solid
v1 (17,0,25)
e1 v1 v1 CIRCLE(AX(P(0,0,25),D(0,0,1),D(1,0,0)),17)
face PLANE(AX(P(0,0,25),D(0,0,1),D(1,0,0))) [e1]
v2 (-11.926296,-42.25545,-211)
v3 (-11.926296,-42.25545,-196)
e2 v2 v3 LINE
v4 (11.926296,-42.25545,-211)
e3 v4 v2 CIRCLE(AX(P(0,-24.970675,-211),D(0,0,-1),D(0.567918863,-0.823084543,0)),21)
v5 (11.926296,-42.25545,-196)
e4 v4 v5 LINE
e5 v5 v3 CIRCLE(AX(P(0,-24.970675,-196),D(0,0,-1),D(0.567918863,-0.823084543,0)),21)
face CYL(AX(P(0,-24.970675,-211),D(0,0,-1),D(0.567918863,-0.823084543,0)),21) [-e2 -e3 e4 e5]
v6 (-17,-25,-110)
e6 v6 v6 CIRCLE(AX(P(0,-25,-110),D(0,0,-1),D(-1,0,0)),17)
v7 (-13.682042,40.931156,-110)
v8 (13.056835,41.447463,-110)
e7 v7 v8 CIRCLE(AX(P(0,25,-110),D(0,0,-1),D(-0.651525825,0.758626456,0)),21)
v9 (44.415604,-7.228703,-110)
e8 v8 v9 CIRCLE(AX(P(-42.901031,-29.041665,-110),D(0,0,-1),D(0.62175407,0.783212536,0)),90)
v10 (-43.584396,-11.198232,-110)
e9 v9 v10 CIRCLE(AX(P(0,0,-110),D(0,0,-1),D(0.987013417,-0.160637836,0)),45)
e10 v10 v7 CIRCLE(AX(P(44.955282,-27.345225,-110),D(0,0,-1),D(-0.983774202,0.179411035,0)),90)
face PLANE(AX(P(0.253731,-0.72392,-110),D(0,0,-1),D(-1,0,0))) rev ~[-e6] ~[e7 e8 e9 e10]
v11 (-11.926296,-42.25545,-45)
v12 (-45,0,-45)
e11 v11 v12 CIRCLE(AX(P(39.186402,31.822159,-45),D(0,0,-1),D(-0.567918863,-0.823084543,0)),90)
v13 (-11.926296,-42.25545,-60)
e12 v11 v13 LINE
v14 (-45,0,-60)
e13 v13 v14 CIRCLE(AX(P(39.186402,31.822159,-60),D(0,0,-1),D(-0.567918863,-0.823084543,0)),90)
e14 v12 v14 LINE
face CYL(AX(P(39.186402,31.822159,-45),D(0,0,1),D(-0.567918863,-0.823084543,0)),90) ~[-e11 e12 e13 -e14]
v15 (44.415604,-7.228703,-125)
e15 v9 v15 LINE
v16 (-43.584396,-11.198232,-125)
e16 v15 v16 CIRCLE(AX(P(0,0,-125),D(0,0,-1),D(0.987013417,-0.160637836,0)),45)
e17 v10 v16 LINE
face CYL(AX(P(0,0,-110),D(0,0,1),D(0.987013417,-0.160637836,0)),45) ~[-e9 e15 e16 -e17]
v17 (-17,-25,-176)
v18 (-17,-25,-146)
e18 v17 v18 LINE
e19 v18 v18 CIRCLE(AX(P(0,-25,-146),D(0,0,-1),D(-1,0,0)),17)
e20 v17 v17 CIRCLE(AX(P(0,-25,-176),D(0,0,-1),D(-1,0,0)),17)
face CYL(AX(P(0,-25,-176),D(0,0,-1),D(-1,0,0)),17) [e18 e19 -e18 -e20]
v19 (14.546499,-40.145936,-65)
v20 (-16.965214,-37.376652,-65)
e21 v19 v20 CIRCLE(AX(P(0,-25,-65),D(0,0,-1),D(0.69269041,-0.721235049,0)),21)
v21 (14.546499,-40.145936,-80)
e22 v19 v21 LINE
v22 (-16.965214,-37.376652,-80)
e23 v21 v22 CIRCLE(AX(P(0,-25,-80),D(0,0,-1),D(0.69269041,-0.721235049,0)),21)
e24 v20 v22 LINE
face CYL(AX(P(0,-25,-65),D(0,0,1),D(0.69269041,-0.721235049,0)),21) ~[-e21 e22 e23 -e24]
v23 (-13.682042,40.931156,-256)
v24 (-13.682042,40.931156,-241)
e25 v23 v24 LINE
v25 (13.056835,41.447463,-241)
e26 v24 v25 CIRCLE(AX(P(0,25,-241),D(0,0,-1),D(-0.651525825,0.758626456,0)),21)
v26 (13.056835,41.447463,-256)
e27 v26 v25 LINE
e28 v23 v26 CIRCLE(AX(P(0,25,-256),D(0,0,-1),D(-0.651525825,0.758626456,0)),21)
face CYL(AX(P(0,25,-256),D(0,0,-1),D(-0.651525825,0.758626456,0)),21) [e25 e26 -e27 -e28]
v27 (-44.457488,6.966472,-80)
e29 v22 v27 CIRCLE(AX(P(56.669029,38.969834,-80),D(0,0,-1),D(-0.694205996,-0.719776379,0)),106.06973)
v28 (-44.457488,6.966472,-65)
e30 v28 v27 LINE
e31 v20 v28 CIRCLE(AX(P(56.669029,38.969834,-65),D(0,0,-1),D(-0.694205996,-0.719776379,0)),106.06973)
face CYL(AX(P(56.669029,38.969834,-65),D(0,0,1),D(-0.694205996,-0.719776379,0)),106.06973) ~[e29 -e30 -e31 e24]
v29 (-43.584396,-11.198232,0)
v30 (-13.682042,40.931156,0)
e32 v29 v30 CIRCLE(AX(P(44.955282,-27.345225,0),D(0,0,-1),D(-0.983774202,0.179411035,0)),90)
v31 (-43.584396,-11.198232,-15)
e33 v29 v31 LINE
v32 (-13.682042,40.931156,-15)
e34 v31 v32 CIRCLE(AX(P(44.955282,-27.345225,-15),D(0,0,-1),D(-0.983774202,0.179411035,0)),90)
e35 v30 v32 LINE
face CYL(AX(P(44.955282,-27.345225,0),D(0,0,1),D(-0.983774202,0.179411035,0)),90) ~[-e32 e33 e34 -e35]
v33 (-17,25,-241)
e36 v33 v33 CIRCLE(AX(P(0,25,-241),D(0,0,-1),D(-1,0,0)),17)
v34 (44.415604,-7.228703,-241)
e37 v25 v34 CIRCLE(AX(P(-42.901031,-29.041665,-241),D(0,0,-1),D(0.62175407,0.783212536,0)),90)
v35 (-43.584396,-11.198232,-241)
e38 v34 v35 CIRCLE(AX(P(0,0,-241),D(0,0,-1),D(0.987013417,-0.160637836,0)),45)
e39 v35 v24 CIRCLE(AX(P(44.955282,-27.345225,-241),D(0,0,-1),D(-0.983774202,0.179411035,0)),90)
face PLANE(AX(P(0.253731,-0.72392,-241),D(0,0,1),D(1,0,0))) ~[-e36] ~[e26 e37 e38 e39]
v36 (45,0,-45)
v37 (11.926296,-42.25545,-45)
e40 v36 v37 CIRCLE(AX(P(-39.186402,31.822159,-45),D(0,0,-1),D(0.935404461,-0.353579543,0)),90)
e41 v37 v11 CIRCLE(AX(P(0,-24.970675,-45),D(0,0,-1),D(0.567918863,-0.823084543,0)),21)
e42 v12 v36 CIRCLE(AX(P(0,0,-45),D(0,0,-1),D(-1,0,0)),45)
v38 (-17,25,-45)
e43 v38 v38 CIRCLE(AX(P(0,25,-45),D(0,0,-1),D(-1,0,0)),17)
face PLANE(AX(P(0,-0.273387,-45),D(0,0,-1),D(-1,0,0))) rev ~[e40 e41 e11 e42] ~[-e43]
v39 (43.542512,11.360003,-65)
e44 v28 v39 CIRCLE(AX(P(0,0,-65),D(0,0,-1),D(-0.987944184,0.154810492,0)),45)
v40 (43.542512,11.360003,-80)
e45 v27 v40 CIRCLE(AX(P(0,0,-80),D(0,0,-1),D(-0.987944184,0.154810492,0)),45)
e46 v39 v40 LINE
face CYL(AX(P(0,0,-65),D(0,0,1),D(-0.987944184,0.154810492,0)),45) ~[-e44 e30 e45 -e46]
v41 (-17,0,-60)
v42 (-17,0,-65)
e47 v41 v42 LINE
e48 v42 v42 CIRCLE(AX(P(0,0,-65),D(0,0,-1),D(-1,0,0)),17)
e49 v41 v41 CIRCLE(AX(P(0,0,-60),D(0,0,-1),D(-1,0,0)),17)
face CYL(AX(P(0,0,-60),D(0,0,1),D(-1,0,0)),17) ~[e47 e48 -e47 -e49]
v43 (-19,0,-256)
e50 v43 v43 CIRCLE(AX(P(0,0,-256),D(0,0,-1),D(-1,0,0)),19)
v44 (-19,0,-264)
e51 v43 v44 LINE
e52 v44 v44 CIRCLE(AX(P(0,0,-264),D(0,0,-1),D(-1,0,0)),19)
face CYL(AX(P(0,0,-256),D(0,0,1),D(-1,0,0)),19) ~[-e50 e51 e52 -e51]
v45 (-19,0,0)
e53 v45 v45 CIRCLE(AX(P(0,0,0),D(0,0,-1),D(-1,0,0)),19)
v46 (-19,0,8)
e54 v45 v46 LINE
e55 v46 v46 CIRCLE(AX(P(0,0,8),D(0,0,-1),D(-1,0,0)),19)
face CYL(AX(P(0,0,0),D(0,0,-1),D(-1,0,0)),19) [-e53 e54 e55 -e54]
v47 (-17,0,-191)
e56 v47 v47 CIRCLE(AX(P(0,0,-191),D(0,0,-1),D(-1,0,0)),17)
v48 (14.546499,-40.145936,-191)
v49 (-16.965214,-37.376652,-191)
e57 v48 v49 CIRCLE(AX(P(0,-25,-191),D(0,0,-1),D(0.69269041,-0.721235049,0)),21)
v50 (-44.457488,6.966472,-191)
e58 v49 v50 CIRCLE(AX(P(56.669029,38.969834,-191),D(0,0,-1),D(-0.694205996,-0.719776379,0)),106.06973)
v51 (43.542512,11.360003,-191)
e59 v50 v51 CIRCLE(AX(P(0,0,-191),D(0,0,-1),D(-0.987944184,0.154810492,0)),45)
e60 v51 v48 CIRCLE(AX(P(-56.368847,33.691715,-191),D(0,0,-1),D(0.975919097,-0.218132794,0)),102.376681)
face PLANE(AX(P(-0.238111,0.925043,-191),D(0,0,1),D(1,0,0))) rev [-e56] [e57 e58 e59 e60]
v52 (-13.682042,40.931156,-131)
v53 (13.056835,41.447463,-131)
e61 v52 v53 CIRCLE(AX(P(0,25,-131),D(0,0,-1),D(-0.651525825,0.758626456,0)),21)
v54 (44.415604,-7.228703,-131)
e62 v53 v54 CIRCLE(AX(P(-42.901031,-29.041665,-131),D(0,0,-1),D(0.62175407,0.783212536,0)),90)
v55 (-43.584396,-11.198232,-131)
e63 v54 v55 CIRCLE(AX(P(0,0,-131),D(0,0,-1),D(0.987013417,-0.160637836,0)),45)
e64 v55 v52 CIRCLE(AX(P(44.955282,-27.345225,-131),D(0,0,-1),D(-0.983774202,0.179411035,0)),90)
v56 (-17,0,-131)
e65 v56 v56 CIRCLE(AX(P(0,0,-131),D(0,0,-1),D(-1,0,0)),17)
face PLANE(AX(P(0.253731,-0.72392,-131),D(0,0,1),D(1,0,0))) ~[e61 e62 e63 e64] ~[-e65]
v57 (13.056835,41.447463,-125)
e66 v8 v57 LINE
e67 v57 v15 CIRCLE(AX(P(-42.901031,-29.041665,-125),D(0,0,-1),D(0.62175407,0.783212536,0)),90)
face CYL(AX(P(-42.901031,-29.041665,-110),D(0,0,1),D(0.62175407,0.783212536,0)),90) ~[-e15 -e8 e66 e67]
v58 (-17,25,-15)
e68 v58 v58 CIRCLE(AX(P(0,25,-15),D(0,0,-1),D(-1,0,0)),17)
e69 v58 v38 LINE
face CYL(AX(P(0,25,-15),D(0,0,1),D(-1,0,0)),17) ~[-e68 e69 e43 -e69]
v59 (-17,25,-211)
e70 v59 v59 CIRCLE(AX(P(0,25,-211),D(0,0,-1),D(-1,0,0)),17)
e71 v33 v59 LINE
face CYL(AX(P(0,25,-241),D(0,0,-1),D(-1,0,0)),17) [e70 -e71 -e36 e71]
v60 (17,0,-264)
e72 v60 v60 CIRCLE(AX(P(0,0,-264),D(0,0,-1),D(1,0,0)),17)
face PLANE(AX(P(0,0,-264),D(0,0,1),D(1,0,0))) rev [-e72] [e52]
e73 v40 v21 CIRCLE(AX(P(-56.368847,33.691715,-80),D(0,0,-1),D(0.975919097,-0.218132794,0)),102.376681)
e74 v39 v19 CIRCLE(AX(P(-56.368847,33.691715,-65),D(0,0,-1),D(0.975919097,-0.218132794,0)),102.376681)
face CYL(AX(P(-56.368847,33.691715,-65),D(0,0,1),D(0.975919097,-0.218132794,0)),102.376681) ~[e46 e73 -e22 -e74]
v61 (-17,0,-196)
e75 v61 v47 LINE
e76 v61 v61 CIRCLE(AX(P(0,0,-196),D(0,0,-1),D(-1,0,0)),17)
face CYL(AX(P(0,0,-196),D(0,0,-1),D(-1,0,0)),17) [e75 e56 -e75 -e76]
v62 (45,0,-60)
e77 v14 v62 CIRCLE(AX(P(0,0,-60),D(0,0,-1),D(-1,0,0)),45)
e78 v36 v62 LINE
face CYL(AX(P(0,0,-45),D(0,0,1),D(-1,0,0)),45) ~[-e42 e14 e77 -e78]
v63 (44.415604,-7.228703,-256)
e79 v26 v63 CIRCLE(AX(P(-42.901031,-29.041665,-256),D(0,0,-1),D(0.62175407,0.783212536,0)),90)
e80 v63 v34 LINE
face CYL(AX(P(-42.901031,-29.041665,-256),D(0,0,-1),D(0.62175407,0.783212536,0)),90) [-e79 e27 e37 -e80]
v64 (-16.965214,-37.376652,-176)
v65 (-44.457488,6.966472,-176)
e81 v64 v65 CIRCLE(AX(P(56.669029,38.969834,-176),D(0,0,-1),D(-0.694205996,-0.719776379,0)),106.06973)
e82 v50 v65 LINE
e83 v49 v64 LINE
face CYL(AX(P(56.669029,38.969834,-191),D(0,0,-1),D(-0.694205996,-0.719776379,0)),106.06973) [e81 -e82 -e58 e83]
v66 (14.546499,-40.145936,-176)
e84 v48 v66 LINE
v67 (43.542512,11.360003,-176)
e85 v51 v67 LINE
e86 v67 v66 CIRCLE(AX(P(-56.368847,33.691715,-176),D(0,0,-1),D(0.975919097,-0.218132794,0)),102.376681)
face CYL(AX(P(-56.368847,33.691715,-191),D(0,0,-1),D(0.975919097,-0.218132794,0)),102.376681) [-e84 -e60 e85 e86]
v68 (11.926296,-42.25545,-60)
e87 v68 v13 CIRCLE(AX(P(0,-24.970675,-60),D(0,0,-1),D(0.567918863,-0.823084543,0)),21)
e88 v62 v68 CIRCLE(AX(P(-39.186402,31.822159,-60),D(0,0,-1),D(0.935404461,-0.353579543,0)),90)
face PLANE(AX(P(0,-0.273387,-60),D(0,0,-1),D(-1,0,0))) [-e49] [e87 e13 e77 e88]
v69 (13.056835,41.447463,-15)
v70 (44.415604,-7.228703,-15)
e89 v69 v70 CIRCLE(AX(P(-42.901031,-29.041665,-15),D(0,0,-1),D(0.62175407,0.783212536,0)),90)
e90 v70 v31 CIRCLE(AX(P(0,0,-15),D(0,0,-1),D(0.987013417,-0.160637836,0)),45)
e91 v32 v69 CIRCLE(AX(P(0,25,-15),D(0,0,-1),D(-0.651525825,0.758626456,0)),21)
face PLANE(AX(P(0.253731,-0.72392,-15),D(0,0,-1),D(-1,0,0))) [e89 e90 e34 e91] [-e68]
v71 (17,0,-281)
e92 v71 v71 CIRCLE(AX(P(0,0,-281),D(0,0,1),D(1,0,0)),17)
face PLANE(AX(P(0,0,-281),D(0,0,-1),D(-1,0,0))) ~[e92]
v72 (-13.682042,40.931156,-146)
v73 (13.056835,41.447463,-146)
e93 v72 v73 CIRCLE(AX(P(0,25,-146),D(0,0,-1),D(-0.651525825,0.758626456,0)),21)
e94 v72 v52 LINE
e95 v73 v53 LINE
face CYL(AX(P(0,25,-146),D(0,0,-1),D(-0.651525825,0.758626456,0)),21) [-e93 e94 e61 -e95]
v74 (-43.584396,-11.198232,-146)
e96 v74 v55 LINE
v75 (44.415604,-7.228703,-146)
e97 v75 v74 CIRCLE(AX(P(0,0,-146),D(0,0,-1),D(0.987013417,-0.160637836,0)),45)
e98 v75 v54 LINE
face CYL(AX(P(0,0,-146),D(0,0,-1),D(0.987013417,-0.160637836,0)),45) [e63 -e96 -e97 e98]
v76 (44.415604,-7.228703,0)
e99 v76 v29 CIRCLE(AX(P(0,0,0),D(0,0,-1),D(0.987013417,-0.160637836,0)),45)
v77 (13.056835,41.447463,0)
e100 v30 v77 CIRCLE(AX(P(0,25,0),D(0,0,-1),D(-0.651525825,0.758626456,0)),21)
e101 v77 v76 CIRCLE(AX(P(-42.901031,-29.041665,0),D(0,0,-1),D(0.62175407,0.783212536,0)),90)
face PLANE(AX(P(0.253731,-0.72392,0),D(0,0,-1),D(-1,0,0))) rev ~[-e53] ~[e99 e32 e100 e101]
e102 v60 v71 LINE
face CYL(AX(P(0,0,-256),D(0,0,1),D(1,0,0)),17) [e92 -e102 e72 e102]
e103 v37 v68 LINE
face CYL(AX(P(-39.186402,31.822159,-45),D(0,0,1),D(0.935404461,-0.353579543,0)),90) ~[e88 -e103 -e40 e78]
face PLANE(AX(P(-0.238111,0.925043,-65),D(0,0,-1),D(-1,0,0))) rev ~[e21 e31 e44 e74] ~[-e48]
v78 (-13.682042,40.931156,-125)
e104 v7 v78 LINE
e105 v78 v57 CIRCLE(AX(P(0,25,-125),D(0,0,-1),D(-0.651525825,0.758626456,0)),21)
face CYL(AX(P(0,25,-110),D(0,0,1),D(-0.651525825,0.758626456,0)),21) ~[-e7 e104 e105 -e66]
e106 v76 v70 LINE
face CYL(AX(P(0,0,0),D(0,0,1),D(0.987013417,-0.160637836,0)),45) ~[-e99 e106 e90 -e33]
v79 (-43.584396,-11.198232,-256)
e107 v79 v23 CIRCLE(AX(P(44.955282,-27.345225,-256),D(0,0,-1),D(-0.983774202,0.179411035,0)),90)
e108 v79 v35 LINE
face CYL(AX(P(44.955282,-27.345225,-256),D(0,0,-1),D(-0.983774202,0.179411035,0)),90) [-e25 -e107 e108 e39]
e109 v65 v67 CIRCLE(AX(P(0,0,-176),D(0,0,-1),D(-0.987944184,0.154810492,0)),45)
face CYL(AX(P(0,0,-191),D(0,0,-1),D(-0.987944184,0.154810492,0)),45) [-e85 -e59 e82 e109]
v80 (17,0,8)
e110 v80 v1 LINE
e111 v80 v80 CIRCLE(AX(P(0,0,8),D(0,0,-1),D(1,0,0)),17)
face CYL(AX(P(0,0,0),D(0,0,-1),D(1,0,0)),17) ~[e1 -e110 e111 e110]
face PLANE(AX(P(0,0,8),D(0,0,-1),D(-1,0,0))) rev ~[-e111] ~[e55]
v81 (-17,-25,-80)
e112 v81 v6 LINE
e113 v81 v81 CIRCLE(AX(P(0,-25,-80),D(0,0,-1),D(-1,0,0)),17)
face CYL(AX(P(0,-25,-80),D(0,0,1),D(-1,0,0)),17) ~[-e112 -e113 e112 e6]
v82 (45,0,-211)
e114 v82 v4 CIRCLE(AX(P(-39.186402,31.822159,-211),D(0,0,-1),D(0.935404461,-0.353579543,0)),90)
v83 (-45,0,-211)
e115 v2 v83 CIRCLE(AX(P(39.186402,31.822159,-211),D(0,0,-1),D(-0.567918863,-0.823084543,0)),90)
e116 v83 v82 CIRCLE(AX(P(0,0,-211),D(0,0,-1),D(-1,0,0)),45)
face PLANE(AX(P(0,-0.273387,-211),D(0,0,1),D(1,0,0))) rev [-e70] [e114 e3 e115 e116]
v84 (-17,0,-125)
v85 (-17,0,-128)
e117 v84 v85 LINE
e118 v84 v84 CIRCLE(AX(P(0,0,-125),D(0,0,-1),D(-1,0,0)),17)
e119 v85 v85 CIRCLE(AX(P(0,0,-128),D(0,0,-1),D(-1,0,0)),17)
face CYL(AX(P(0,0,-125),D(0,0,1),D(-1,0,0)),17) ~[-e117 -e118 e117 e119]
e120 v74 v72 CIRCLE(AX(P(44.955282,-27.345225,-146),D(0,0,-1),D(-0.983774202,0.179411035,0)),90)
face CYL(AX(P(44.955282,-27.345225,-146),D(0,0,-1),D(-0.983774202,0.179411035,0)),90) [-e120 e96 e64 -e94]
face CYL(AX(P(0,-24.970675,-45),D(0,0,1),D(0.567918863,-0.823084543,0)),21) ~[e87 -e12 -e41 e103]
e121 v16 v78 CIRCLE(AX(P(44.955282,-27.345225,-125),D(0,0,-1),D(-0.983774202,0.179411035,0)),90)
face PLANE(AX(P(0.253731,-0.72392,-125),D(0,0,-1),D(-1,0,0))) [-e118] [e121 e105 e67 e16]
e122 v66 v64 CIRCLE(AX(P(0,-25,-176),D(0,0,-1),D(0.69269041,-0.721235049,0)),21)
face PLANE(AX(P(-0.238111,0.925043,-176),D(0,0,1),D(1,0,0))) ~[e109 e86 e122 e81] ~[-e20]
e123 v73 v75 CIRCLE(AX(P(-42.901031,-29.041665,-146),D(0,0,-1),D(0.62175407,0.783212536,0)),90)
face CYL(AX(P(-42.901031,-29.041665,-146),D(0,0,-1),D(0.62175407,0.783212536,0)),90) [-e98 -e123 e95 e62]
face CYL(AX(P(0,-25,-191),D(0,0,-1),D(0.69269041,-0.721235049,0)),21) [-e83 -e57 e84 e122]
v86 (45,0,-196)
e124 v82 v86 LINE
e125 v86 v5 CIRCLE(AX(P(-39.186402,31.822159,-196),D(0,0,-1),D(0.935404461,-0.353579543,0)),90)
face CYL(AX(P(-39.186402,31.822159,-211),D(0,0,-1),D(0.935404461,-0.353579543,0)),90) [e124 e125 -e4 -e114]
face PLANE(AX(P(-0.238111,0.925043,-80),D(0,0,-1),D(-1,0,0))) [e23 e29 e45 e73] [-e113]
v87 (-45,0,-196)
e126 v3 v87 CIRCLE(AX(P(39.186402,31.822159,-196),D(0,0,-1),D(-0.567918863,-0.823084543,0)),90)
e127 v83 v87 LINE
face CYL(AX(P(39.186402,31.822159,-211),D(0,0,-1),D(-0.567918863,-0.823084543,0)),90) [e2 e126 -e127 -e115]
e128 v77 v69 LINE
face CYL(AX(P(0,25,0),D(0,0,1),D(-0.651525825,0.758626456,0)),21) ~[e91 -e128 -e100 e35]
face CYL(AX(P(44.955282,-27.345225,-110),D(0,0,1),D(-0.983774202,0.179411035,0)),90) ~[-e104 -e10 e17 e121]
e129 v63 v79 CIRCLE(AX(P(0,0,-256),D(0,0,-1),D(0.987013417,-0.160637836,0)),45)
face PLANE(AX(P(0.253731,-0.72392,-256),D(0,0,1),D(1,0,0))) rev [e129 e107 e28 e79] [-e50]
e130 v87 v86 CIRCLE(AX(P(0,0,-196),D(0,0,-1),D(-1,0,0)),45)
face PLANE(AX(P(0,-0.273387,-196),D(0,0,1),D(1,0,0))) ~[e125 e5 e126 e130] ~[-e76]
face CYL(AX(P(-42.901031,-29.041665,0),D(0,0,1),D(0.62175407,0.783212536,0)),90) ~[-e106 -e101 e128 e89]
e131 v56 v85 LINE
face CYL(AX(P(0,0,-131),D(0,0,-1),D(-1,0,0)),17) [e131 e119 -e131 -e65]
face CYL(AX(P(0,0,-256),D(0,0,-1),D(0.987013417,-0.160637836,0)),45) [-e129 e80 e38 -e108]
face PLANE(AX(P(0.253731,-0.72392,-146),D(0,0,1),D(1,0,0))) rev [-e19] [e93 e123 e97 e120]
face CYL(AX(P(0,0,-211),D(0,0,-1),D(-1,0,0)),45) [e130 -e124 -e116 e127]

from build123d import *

# Parameters (mm, degrees)
IZIM1_R                      = 17
Y_KSEKLIK_EKSTR_ZYON1_DEPTH  = 25
IZIM2_R                      = 19
Y_KSEKLIK_EKSTR_ZYON2_DEPTH  = 8
Y_KSEKLIK_EKSTR_ZYON3_DEPTH  = 15
IZIM4_R                      = 17
Y_KSEKLIK_EKSTR_ZYON4_DEPTH  = 30
Y_KSEKLIK_EKSTR_ZYON5_DEPTH  = 15
IZIM6_R                      = 17
Y_KSEKLIK_EKSTR_ZYON6_DEPTH  = 5
Y_KSEKLIK_EKSTR_ZYON7_DEPTH  = 15
IZIM9_R                      = 17
Y_KSEKLIK_EKSTR_ZYON8_DEPTH  = 30
Y_KSEKLIK_EKSTR_ZYON9_DEPTH  = 15
IZIM12_R                     = 17
Y_KSEKLIK_EKSTR_ZYON10_DEPTH = 3


with BuildPart() as part:
    # Çizim1 → Yükseklik-Ekstrüzyon1 (new body)
    with BuildSketch(Plane.XY):
        Circle(IZIM1_R)
    extrude(amount=Y_KSEKLIK_EKSTR_ZYON1_DEPTH)

    # Çizim2 → Yükseklik-Ekstrüzyon2 (add)
    with BuildSketch(Plane(origin=(0, 0, 0), x_dir=(-1, 0, 0), z_dir=(0, 0, -1))):
        Circle(IZIM2_R)
    extrude(amount=-Y_KSEKLIK_EKSTR_ZYON2_DEPTH)

    # Çizim3 → Yükseklik-Ekstrüzyon3 (add)
    with BuildSketch(Plane(origin=(0, 0, 0), x_dir=(-1, 0, 0), z_dir=(0, 0, -1))):
        with BuildLine():
            ThreePointArc((-44.415603771, -7.228702626), (-2.027811095, -44.954287695), (43.584396229, -11.198232242))
            ThreePointArc((43.584396229, -11.198232242), (33.112866367, 17.436067755), (13.682042331, 40.931155566))
            ThreePointArc((13.682042331, 40.931155566), (0.405418694, 45.996086199), (-13.05683546, 41.447463263))
            ThreePointArc((-13.05683546, 41.447463263), (-32.757662874, 19.700124785), (-44.415603771, -7.228702626))
        make_face()
    extrude(amount=Y_KSEKLIK_EKSTR_ZYON3_DEPTH)

    # Çizim4 → Yükseklik-Ekstrüzyon4 (add)
    with BuildSketch(Plane(origin=(0, 0, -15), x_dir=(-1, 0, 0), z_dir=(0, 0, -1))):
        with Locations((0, 25)):
            Circle(IZIM4_R)
    extrude(amount=Y_KSEKLIK_EKSTR_ZYON4_DEPTH)

    # Çizim5 → Yükseklik-Ekstrüzyon5 (add)
    with BuildSketch(Plane(origin=(0, 0, -45), x_dir=(-1, 0, 0), z_dir=(0, 0, -1))):
        with BuildLine():
            ThreePointArc((45, 0), (0, 45), (-45, 0))
            ThreePointArc((-45, 0), (-31.68561215, -23.649975334), (-11.926296118, -42.255449988))
            ThreePointArc((-11.926296118, -42.255449988), (0, -45.97067458), (11.926296118, -42.255449988))
            ThreePointArc((11.926296118, -42.255449988), (31.68561215, -23.649975334), (45, 0))
        make_face()
    extrude(amount=Y_KSEKLIK_EKSTR_ZYON5_DEPTH)

    # Çizim6 → Yükseklik-Ekstrüzyon6 (add)
    with BuildSketch(Plane(origin=(0, 0, -60), x_dir=(-1, 0, 0), z_dir=(0, 0, -1))):
        Circle(IZIM6_R)
    extrude(amount=Y_KSEKLIK_EKSTR_ZYON6_DEPTH)

    # Çizim7 → Yükseklik-Ekstrüzyon7 (add)
    with BuildSketch(Plane(origin=(0, 0, -65), x_dir=(-1, 0, 0), z_dir=(0, 0, -1))):
        with BuildLine():
            ThreePointArc((44.457488298, 6.966472151), (2.243897169, 44.944019908), (-43.542511702, 11.360003287))
            ThreePointArc((-43.542511702, 11.360003287), (-32.842453707, -16.531076412), (-14.546498608, -40.145936031))
            ThreePointArc((-14.546498608, -40.145936031), (1.83841745, -45.919374304), (16.965213719, -37.376652353))
            ThreePointArc((16.965213719, -37.376652353), (33.480341406, -16.921835259), (44.457488298, 6.966472151))
        make_face()
    extrude(amount=Y_KSEKLIK_EKSTR_ZYON7_DEPTH)

    # Çizim9 → Yükseklik-Ekstrüzyon8 (add)
    with BuildSketch(Plane(origin=(0, 0, -80), x_dir=(-1, 0, 0), z_dir=(0, 0, -1))):
        with Locations((0, -25)):
            Circle(IZIM9_R)
    extrude(amount=Y_KSEKLIK_EKSTR_ZYON8_DEPTH)

    # Çizim10 → Yükseklik-Ekstrüzyon9 (add)
    with BuildSketch(Plane(origin=(0, 0, -110), x_dir=(-1, 0, 0), z_dir=(0, 0, -1))):
        with BuildLine():
            ThreePointArc((-44.415603771, -7.228702626), (-2.027811095, -44.954287695), (43.584396229, -11.198232242))
            ThreePointArc((43.584396229, -11.198232242), (33.112866367, 17.436067755), (13.682042331, 40.931155566))
            ThreePointArc((13.682042331, 40.931155566), (0.405418694, 45.996086199), (-13.05683546, 41.447463263))
            ThreePointArc((-13.05683546, 41.447463263), (-32.757662874, 19.700124785), (-44.415603771, -7.228702626))
        make_face()
    extrude(amount=Y_KSEKLIK_EKSTR_ZYON9_DEPTH)

    # Çizim12 → Yükseklik-Ekstrüzyon10 (add)
    with BuildSketch(Plane(origin=(0, 0, -125), x_dir=(-1, 0, 0), z_dir=(0, 0, -1))):
        Circle(IZIM12_R)
    extrude(amount=Y_KSEKLIK_EKSTR_ZYON10_DEPTH)

    # Aynalama1: part across plane


with BuildPart() as part_1:
    add(part.part)
    add(part.part.mirror(Plane(origin=(0, 0, -128), x_dir=(1, 0, 0), z_dir=(0, 0, -1))))


solid = part_1.part
